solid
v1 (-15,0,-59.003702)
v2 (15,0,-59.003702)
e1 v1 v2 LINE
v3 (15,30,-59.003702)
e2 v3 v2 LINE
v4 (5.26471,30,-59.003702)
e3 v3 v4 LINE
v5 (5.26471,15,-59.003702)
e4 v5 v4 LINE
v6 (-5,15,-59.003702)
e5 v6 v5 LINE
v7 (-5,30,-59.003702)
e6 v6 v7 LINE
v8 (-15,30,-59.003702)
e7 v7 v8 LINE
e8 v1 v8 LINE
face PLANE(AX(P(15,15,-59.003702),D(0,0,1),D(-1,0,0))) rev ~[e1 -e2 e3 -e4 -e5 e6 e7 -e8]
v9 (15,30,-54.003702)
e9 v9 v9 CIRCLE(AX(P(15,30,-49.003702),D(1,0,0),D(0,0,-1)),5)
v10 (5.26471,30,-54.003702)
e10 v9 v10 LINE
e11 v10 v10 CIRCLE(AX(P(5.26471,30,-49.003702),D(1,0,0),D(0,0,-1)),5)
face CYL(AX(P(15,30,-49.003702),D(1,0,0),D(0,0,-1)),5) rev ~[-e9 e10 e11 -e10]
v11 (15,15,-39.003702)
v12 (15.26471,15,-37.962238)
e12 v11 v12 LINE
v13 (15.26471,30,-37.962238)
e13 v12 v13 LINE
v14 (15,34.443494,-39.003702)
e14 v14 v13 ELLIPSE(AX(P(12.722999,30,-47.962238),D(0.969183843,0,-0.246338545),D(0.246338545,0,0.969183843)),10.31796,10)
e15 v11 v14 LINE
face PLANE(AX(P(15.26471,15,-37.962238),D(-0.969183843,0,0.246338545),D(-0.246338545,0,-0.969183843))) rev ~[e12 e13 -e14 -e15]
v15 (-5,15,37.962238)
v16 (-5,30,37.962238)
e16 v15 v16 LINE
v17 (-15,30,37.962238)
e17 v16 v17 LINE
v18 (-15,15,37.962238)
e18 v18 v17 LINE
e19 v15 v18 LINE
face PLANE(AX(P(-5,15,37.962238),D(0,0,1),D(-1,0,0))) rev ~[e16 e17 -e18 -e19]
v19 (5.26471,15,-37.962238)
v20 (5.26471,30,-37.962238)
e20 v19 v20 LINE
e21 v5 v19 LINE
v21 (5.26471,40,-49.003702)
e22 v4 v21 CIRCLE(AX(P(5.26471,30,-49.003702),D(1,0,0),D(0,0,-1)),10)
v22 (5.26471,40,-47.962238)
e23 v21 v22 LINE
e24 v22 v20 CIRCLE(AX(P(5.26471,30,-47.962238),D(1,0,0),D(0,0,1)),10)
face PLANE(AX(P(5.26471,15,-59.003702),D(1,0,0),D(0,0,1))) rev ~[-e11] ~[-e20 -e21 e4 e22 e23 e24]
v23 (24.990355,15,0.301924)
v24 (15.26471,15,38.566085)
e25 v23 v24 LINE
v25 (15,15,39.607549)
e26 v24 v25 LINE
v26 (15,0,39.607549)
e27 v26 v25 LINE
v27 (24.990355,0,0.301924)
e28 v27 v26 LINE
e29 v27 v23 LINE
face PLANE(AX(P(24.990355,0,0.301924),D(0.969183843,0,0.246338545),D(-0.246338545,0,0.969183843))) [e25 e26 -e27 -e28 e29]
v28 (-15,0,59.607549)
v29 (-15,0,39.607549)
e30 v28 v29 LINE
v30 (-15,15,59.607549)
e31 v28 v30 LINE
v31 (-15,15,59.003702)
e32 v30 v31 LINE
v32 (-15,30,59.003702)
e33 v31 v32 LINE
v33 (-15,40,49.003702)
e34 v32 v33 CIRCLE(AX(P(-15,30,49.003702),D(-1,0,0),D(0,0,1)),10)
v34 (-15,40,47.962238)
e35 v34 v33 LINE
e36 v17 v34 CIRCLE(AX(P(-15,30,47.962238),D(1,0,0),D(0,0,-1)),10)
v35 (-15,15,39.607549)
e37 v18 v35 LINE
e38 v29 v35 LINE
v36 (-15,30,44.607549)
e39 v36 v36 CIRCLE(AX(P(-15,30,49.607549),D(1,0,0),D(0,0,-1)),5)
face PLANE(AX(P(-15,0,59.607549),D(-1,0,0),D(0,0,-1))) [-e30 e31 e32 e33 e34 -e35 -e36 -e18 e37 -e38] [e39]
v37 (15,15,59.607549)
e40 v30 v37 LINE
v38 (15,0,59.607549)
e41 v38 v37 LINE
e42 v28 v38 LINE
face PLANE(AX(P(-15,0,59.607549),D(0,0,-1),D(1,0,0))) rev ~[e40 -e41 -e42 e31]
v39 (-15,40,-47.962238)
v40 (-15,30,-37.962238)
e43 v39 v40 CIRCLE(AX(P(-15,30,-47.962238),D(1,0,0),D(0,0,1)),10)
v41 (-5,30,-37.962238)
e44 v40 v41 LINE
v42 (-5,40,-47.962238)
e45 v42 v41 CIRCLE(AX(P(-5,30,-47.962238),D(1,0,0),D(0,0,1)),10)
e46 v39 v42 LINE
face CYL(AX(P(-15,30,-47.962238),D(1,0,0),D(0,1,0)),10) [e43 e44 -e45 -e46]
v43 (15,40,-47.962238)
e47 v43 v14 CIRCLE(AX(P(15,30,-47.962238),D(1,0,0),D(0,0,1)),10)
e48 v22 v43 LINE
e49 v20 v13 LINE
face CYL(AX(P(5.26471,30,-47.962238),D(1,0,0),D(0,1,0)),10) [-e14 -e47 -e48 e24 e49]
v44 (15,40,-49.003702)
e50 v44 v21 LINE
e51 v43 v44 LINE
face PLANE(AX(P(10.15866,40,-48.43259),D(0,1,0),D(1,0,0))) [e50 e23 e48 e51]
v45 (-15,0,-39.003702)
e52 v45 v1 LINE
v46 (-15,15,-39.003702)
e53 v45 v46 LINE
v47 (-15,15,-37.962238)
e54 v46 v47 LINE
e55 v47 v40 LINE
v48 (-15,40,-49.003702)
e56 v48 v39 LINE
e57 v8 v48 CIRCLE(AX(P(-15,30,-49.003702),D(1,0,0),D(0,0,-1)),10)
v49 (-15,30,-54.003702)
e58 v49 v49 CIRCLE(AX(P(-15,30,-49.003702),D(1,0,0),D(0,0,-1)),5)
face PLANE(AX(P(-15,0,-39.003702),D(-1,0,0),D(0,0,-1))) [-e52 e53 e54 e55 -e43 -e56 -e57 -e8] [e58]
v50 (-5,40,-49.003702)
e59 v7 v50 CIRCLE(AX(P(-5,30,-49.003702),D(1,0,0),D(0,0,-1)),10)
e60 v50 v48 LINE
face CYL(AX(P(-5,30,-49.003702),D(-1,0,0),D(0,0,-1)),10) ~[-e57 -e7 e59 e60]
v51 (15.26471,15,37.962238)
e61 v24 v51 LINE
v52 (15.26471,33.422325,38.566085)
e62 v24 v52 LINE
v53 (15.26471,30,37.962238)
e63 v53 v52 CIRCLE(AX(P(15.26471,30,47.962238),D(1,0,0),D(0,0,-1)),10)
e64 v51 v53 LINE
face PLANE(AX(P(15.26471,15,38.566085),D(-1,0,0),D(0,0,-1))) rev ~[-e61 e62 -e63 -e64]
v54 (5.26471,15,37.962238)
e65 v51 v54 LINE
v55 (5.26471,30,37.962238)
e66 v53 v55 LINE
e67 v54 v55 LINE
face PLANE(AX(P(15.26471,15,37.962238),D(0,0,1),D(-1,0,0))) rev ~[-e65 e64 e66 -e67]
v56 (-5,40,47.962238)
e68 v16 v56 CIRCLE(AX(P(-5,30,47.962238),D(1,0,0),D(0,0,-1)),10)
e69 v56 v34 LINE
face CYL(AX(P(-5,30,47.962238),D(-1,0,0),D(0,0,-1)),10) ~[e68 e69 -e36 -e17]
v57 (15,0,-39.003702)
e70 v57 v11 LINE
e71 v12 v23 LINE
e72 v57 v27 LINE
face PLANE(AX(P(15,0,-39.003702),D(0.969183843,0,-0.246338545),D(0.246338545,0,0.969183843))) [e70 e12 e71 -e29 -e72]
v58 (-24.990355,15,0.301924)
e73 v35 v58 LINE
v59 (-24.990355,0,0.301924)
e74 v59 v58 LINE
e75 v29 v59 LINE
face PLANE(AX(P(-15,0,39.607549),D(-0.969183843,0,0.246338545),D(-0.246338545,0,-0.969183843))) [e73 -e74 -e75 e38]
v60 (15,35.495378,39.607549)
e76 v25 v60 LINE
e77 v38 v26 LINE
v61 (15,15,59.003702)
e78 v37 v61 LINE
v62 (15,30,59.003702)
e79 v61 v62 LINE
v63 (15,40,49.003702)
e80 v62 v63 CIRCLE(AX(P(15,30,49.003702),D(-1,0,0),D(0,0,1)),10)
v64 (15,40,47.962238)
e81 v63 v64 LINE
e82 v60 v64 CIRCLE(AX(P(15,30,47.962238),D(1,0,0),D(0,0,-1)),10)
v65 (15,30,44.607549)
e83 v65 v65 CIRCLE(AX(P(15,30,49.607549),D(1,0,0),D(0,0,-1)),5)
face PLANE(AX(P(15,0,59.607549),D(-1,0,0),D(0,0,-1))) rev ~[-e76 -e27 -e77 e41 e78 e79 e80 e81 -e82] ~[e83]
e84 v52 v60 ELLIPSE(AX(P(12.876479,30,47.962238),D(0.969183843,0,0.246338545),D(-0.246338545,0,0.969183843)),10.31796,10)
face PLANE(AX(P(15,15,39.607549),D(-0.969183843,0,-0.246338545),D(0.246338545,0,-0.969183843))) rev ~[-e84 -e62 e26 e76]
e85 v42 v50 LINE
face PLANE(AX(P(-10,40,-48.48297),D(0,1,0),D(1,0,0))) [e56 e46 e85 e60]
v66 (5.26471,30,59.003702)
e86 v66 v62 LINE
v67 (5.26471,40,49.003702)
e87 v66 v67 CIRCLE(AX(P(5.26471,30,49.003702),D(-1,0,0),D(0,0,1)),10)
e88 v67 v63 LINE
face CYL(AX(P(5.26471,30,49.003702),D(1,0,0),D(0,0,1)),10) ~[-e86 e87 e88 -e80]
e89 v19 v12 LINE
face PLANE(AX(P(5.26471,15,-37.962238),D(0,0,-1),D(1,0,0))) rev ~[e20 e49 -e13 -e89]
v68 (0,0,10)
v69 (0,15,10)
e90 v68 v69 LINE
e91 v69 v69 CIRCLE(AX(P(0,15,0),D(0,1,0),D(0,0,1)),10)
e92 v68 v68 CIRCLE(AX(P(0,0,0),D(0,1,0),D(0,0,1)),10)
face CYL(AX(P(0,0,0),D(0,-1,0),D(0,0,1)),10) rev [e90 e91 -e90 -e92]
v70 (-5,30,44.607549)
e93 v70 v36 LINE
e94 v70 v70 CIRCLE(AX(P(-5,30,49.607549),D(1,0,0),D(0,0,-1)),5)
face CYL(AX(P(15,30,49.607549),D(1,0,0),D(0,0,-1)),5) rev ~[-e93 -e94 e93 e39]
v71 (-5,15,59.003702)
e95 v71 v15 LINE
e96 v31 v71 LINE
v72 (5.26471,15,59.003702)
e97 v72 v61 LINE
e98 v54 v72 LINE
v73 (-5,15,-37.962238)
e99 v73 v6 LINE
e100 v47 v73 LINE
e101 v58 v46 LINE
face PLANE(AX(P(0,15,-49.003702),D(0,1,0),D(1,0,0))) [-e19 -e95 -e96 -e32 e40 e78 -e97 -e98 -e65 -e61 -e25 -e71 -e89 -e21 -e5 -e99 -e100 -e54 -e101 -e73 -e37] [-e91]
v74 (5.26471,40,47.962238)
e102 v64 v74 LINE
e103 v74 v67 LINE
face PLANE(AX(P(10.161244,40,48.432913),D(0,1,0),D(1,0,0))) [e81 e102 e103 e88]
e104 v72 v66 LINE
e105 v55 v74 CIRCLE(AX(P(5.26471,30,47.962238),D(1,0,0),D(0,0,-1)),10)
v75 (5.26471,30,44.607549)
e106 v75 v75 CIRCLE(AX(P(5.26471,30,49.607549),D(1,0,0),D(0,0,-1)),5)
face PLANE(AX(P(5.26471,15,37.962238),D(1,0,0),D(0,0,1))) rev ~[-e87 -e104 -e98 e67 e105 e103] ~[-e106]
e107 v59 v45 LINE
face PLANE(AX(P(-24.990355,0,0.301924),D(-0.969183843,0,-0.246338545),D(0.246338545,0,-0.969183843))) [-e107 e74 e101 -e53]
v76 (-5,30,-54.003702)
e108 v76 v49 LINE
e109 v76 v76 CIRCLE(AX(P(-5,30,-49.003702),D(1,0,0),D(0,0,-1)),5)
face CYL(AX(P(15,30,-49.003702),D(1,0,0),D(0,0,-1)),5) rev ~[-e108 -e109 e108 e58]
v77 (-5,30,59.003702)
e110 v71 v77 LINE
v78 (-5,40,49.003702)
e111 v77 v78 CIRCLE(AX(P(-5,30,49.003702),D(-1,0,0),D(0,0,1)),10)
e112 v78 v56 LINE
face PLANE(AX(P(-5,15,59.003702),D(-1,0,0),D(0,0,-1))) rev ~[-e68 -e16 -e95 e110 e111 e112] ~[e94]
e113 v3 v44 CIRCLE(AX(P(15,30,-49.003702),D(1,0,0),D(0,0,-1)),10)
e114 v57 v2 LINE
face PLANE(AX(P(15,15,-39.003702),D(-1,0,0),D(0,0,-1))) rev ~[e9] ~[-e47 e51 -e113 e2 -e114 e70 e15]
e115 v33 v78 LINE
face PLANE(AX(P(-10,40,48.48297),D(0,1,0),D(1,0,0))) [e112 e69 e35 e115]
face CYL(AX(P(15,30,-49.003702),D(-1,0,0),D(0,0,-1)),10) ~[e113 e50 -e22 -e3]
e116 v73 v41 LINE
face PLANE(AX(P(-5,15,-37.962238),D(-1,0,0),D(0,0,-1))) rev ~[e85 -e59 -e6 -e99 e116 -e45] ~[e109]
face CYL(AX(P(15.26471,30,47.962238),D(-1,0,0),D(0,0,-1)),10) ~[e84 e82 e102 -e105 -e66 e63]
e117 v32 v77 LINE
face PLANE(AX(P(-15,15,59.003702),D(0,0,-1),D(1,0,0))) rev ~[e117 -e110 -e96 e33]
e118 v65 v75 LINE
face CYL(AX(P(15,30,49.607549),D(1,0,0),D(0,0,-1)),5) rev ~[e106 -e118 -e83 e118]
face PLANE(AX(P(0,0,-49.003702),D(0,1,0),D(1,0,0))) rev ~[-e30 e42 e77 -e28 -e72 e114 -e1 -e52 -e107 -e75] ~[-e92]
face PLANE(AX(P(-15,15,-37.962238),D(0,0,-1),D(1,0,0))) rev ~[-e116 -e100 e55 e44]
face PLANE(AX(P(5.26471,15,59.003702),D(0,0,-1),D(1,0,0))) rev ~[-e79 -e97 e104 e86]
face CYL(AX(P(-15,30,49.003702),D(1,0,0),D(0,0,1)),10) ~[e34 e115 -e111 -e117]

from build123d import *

# Parameters (mm, degrees)
SKETCH1_R           = 10
SKETCH1_W           = 30
SKETCH1_H           = 20
BOSS_EXTRUDE1_DEPTH = 15
BOSS_EXTRUDE2_DEPTH = 25
SKETCH3_R           = 5
CUT_EXTRUDE1_DEPTH  = 58
FILLET1_R           = 10


with BuildPart() as part:
    # Sketch1 → Boss-Extrude1 (new body)
    # profile 1 of 3: a face of its own
    with BuildSketch(Plane(origin=(0, 0, 0), x_dir=(1, 0, 0), z_dir=(0, 1, 0))):
        Polygon((-15, -39.607549464), (-24.990355032, -0.301923542), (-15, 39.00370238), (15, 39.00370238), (24.990355032, -0.301923542), (15, -39.607549464), align=None)
        with Locations(Location((0, 0, 0), (0, 0, 270))):
            Circle(SKETCH1_R, mode=Mode.SUBTRACT)
    # profile 2 of 3: a face of its own
    with BuildSketch(Plane(origin=(0, 0, 0), x_dir=(1, 0, 0), z_dir=(0, 1, 0))):
        with Locations((0, -49.607549464)):
            Rectangle(SKETCH1_W, SKETCH1_H)
    # profile 3 of 3: a face of its own
    with BuildSketch(Plane(origin=(0, 0, 0), x_dir=(1, 0, 0), z_dir=(0, 1, 0))):
        with Locations((0, 49.00370238)):
            Rectangle(SKETCH1_W, SKETCH1_H)
    extrude(amount=BOSS_EXTRUDE1_DEPTH)

    # Sketch2 → Boss-Extrude2 (add)
    with BuildSketch(Plane(origin=(0, 15, 0), x_dir=(1, 0, 0), z_dir=(0, 1, 0))):
        Polygon((15, 59.00370238), (5.264710161, 59.00370238), (5.264710161, 37.962238036), (15.264710161, 37.962238036), (15, 39.00370238), align=None)
        Polygon((-5, 59.00370238), (-15, 59.00370238), (-15, 39.00370238), (-15, 37.962238036), (-5, 37.962238036), align=None)
        Polygon((-5, -59.00370238), (-5, -37.962238036), (-15, -37.962238036), (-15, -39.607549464), (-15, -59.00370238), align=None)
        Polygon((15, -39.607549464), (15.264710161, -38.56608512), (15.264710161, -37.962238036), (5.264710161, -37.962238036), (5.264710161, -59.00370238), (15, -59.00370238), align=None)
    extrude(amount=BOSS_EXTRUDE2_DEPTH)

    # Sketch3 → Cut-Extrude1 (cut)
    with BuildSketch(Plane(origin=(15, 0, 0), x_dir=(0, 0, -1), z_dir=(1, 0, 0))):
        with Locations((-49.607549464, 30)):
            Circle(SKETCH3_R)
        with Locations((49.00370238, 30)):
            Circle(SKETCH3_R)
    extrude(amount=-CUT_EXTRUDE1_DEPTH, mode=Mode.SUBTRACT)

    # Fillet1
    fillet1_edges = [part.edges().sort_by_distance(p)[0] for p in [
        (10.13235508, 40, -59.00370238),
        (10.264710161, 40, -37.962238036),
        (-10, 40, -59.00370238),
        (-10, 40, -37.962238036),
        (10.264710161, 40, 37.962238036),
        (-10, 40, 37.962238036),
        (10.13235508, 40, 59.00370238),
        (-10, 40, 59.00370238),
    ]]
    fillet(fillet1_edges, radius=FILLET1_R)


solid = part.part
